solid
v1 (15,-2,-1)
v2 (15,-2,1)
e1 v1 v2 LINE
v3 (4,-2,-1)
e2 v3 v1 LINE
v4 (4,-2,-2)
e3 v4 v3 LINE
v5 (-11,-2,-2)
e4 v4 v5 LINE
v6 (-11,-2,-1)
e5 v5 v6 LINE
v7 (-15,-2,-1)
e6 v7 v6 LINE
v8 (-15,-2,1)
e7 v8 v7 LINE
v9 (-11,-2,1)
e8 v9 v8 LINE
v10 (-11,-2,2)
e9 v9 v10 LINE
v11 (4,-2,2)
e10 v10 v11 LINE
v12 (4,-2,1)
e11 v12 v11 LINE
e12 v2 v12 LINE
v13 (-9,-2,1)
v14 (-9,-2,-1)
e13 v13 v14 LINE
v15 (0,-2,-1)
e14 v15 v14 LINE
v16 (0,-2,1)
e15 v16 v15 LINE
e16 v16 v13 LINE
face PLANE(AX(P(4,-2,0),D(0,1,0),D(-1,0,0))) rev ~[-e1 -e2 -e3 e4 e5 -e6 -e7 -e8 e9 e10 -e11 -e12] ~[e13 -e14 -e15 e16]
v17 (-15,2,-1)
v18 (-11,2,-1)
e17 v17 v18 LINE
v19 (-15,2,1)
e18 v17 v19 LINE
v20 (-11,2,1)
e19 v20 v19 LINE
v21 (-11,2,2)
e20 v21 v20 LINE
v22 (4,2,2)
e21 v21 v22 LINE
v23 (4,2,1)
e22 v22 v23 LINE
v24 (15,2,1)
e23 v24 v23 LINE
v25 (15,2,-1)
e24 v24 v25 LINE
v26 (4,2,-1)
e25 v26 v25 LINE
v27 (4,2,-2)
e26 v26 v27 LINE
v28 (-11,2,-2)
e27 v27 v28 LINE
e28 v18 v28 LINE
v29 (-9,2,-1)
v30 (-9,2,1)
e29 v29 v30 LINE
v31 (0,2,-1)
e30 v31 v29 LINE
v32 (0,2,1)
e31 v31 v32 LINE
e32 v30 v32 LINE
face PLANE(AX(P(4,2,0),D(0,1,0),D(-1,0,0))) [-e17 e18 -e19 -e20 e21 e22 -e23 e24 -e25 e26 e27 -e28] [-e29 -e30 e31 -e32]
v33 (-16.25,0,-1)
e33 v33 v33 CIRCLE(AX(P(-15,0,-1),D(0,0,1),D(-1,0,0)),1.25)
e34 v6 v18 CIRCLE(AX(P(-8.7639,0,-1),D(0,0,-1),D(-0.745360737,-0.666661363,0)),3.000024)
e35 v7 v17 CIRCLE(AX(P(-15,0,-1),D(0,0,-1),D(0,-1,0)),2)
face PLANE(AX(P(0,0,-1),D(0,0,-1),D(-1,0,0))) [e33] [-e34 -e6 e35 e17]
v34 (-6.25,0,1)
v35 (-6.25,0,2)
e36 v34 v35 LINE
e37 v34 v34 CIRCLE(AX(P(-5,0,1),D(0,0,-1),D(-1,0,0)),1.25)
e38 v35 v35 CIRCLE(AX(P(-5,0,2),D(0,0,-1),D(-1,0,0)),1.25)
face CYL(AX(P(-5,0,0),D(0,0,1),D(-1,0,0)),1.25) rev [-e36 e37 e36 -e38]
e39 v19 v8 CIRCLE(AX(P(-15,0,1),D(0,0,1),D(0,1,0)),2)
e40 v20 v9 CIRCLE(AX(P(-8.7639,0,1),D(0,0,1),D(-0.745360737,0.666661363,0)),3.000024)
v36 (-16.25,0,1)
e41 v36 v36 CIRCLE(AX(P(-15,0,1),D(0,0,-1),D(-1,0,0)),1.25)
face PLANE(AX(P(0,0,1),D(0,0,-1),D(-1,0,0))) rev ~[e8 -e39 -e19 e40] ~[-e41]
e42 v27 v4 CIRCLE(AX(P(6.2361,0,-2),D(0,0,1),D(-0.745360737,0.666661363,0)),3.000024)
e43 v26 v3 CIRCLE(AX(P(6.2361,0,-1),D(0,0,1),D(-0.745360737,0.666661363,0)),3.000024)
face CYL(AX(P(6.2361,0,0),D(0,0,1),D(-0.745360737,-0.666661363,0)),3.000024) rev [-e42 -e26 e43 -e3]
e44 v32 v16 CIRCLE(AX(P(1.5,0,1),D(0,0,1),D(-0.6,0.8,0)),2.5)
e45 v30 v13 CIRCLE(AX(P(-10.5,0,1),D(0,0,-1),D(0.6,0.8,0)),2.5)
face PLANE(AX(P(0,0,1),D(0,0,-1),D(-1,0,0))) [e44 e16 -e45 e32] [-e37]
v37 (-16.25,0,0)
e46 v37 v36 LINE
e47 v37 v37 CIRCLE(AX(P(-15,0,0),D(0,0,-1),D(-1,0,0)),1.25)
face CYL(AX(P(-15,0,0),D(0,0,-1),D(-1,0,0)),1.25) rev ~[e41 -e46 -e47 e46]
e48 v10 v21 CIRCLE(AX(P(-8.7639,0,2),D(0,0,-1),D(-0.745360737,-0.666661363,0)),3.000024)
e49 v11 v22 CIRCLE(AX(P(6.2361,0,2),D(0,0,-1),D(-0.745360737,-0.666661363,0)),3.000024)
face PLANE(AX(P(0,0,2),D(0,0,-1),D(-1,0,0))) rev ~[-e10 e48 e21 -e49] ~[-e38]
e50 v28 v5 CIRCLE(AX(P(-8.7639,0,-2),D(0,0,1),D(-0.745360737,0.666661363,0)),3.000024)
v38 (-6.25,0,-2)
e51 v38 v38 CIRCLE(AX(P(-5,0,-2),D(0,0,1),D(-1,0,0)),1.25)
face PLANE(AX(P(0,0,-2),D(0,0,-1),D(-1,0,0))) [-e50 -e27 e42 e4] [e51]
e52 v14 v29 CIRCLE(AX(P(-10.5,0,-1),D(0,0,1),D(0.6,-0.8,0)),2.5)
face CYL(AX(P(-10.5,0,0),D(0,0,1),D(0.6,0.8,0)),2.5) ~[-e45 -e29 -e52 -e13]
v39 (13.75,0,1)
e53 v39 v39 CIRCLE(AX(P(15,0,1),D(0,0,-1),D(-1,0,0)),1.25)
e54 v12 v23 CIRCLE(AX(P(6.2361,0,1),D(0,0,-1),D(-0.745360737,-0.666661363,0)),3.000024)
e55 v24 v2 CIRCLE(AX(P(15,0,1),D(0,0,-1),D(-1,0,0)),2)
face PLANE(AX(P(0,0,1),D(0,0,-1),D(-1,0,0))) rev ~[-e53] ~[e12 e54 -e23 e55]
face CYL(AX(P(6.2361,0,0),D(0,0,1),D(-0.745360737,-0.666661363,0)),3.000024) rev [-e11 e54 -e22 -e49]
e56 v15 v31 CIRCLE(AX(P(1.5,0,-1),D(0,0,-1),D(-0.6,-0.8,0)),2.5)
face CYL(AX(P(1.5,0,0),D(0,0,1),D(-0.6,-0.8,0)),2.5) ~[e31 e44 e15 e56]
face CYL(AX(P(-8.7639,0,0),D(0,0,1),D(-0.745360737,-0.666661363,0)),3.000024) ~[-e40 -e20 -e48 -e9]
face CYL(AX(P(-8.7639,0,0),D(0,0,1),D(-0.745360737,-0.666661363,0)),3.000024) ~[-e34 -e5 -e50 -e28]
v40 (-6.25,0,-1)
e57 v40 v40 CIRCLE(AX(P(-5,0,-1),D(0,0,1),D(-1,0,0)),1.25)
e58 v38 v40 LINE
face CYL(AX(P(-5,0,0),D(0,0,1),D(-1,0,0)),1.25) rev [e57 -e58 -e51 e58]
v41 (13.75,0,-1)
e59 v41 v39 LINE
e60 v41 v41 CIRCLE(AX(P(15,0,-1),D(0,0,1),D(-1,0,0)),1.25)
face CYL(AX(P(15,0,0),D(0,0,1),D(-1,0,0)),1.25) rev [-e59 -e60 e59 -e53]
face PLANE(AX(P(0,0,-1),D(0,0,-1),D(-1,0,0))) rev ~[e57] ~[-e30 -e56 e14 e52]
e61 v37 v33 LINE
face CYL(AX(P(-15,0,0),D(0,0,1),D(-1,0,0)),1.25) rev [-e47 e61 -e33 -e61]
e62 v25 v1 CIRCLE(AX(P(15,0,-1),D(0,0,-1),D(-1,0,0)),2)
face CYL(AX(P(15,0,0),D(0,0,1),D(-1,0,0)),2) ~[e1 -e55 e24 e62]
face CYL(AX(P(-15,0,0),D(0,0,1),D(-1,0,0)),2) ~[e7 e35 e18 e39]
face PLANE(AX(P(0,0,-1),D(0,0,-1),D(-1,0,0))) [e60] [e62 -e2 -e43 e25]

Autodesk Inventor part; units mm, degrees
ref_plane "YZ Plane" through (0, 0, 0) normal (1, 0, 0) x (0, 1, 0)
ref_plane "XZ Plane" through (0, 0, 0) normal (0, 1, 0) x (-1, 0, 0)
ref_plane "XY Plane" through (0, 0, 0) normal (0, 0, 1) x (1, 0, 0)
sketch "Sketch1" plane through (0, 0, 0) normal (0, 0, 1) x (1, 0, 0)
  line L0 (0, 0) -> (15, 0)
  line L1 (0, 0) -> (-15, 0)
  line L2 (0, 0) -> (5, 0)
  circle A0 centre (-15, 0) radius 1.25
  circle A1 centre (15, 0) radius 1.25
  circle A2 centre (-15, 0) radius 2
  circle A3 centre (15, 0) radius 2
  line L3 (-15, 2) -> (15, 2)
  line L4 (-15, -2) -> (15, -2)
  circle A4 centre (5, 0) radius 1.25
  line L5 (-15, 2) -> (-4, 2)
  line L6 (-4, 2) -> (-4, -2)
  line L7 (-4, -2) -> (-15, -2)
  line L8 (-15, -2) -> (-15, 2)
  line L9 (15, 2) -> (12.5, 2)
  line L10 (12.5, -2) -> (15, -2)
  line L11 (15, -2) -> (15, 2)
  line L12 (15, 2) -> (14.5, 2)
  line L13 (15, -2) -> (14.5, -2)
  arc A5 (-4, -2) -> (-4, 2) centre (-6.2361, 0) ccw
  line L14 (5, 0) -> (1, 0)
  arc A6 (0, -2) -> (0, 2) centre (-1.5, 0) ccw
  line L15 (0, 2) -> (0, -2)
  line L16 (5, 2) -> (9, 2)
  line L17 (9, 2) -> (9, -2)
  line L18 (5, 0) -> (8, 0)
  arc A7 (9, 2) -> (9, -2) centre (10.5, 0) ccw
  line L19 (-15, 2) -> (-14.5, 2)
  line L20 (-15, -2) -> (-14.5, -2)
  arc A8 (-14.5, -2) -> (-14.5, 2) centre (-14.5, 0) ccw
  line L21 (9, 2) -> (11, 2)
  line L22 (9, -2) -> (11, -2)
  arc A9 (11, -2) -> (11, 2) centre (8.7639, 0) ccw
  point P0 (-4, 2)
  dimension "d1" = 15
  dimension "d2" = 15
  dimension "d3" = 5
  dimension "d4" = 2.5
  dimension "d6" = 2.5
  dimension "d7" = 4
  dimension "d8" = 4
  dimension "d9" = 2.5
  dimension "d10" = 11
  dimension "d13" = 0.5
  dimension "d14" = 0.5
  dimension "d16" = 4
  dimension "d17" = 3
  dimension "d18" = 4
  dimension "d21" = 4
  dimension "d23" = 3
  dimension "d24" = 0.5
  dimension "d25" = 0.5
  dimension "d26" = 2
  dimension "d36" = 2
  dimension "d37" = 2
  dimension "d38" = 3
  dimension "d40" = 4
extrude "Extrusion1" add sketch "Sketch1" along normal mid plane 2 contours A5 L6 L1 | L1 L6 A5 | L6 L4 A8 L1 | L1 A8 L3 L6 | A8 L4 A2 L1 | L1 A2 L3 A8 | A9 L0 A3 L4 | A2 L8 A0 L1 | L1 A0 L8 A2 | A2 L8 A0 | L3 A3 L0 A9 | A3 L11 A1 L0 | L0 A1 L11 A3 | L11 A1 A3
extrude "Extrusion2" add sketch "Sketch1" along normal mid plane 4 contours L15 A6 L0 | L15 L4 A5 L1 | L1 A5 L3 L15 | L0 A6 L15 | L17 L0 A9 L4 | A7 L0 L17 | L3 A9 L0 L17 | L17 L0 A7
extrude "Extrusion3" add sketch "Sketch1" along normal mid plane 4 contours A6 L3 A7 L0 A4 | L0 A4 A7 L4 A6
extrude "Extrusion4" cut sketch "Sketch1" along normal mid plane 2 contours A6 L3 A7 L0 A4 | L0 A4 A7 L4 A6
move or copy body "Move Body1" bodies to move or copy 1 copy no rotation origin (0, 0, 0) rotation axis (0, 1, 0) rotation angle 180
properties part number "link7" material "Aluminum 6061"
